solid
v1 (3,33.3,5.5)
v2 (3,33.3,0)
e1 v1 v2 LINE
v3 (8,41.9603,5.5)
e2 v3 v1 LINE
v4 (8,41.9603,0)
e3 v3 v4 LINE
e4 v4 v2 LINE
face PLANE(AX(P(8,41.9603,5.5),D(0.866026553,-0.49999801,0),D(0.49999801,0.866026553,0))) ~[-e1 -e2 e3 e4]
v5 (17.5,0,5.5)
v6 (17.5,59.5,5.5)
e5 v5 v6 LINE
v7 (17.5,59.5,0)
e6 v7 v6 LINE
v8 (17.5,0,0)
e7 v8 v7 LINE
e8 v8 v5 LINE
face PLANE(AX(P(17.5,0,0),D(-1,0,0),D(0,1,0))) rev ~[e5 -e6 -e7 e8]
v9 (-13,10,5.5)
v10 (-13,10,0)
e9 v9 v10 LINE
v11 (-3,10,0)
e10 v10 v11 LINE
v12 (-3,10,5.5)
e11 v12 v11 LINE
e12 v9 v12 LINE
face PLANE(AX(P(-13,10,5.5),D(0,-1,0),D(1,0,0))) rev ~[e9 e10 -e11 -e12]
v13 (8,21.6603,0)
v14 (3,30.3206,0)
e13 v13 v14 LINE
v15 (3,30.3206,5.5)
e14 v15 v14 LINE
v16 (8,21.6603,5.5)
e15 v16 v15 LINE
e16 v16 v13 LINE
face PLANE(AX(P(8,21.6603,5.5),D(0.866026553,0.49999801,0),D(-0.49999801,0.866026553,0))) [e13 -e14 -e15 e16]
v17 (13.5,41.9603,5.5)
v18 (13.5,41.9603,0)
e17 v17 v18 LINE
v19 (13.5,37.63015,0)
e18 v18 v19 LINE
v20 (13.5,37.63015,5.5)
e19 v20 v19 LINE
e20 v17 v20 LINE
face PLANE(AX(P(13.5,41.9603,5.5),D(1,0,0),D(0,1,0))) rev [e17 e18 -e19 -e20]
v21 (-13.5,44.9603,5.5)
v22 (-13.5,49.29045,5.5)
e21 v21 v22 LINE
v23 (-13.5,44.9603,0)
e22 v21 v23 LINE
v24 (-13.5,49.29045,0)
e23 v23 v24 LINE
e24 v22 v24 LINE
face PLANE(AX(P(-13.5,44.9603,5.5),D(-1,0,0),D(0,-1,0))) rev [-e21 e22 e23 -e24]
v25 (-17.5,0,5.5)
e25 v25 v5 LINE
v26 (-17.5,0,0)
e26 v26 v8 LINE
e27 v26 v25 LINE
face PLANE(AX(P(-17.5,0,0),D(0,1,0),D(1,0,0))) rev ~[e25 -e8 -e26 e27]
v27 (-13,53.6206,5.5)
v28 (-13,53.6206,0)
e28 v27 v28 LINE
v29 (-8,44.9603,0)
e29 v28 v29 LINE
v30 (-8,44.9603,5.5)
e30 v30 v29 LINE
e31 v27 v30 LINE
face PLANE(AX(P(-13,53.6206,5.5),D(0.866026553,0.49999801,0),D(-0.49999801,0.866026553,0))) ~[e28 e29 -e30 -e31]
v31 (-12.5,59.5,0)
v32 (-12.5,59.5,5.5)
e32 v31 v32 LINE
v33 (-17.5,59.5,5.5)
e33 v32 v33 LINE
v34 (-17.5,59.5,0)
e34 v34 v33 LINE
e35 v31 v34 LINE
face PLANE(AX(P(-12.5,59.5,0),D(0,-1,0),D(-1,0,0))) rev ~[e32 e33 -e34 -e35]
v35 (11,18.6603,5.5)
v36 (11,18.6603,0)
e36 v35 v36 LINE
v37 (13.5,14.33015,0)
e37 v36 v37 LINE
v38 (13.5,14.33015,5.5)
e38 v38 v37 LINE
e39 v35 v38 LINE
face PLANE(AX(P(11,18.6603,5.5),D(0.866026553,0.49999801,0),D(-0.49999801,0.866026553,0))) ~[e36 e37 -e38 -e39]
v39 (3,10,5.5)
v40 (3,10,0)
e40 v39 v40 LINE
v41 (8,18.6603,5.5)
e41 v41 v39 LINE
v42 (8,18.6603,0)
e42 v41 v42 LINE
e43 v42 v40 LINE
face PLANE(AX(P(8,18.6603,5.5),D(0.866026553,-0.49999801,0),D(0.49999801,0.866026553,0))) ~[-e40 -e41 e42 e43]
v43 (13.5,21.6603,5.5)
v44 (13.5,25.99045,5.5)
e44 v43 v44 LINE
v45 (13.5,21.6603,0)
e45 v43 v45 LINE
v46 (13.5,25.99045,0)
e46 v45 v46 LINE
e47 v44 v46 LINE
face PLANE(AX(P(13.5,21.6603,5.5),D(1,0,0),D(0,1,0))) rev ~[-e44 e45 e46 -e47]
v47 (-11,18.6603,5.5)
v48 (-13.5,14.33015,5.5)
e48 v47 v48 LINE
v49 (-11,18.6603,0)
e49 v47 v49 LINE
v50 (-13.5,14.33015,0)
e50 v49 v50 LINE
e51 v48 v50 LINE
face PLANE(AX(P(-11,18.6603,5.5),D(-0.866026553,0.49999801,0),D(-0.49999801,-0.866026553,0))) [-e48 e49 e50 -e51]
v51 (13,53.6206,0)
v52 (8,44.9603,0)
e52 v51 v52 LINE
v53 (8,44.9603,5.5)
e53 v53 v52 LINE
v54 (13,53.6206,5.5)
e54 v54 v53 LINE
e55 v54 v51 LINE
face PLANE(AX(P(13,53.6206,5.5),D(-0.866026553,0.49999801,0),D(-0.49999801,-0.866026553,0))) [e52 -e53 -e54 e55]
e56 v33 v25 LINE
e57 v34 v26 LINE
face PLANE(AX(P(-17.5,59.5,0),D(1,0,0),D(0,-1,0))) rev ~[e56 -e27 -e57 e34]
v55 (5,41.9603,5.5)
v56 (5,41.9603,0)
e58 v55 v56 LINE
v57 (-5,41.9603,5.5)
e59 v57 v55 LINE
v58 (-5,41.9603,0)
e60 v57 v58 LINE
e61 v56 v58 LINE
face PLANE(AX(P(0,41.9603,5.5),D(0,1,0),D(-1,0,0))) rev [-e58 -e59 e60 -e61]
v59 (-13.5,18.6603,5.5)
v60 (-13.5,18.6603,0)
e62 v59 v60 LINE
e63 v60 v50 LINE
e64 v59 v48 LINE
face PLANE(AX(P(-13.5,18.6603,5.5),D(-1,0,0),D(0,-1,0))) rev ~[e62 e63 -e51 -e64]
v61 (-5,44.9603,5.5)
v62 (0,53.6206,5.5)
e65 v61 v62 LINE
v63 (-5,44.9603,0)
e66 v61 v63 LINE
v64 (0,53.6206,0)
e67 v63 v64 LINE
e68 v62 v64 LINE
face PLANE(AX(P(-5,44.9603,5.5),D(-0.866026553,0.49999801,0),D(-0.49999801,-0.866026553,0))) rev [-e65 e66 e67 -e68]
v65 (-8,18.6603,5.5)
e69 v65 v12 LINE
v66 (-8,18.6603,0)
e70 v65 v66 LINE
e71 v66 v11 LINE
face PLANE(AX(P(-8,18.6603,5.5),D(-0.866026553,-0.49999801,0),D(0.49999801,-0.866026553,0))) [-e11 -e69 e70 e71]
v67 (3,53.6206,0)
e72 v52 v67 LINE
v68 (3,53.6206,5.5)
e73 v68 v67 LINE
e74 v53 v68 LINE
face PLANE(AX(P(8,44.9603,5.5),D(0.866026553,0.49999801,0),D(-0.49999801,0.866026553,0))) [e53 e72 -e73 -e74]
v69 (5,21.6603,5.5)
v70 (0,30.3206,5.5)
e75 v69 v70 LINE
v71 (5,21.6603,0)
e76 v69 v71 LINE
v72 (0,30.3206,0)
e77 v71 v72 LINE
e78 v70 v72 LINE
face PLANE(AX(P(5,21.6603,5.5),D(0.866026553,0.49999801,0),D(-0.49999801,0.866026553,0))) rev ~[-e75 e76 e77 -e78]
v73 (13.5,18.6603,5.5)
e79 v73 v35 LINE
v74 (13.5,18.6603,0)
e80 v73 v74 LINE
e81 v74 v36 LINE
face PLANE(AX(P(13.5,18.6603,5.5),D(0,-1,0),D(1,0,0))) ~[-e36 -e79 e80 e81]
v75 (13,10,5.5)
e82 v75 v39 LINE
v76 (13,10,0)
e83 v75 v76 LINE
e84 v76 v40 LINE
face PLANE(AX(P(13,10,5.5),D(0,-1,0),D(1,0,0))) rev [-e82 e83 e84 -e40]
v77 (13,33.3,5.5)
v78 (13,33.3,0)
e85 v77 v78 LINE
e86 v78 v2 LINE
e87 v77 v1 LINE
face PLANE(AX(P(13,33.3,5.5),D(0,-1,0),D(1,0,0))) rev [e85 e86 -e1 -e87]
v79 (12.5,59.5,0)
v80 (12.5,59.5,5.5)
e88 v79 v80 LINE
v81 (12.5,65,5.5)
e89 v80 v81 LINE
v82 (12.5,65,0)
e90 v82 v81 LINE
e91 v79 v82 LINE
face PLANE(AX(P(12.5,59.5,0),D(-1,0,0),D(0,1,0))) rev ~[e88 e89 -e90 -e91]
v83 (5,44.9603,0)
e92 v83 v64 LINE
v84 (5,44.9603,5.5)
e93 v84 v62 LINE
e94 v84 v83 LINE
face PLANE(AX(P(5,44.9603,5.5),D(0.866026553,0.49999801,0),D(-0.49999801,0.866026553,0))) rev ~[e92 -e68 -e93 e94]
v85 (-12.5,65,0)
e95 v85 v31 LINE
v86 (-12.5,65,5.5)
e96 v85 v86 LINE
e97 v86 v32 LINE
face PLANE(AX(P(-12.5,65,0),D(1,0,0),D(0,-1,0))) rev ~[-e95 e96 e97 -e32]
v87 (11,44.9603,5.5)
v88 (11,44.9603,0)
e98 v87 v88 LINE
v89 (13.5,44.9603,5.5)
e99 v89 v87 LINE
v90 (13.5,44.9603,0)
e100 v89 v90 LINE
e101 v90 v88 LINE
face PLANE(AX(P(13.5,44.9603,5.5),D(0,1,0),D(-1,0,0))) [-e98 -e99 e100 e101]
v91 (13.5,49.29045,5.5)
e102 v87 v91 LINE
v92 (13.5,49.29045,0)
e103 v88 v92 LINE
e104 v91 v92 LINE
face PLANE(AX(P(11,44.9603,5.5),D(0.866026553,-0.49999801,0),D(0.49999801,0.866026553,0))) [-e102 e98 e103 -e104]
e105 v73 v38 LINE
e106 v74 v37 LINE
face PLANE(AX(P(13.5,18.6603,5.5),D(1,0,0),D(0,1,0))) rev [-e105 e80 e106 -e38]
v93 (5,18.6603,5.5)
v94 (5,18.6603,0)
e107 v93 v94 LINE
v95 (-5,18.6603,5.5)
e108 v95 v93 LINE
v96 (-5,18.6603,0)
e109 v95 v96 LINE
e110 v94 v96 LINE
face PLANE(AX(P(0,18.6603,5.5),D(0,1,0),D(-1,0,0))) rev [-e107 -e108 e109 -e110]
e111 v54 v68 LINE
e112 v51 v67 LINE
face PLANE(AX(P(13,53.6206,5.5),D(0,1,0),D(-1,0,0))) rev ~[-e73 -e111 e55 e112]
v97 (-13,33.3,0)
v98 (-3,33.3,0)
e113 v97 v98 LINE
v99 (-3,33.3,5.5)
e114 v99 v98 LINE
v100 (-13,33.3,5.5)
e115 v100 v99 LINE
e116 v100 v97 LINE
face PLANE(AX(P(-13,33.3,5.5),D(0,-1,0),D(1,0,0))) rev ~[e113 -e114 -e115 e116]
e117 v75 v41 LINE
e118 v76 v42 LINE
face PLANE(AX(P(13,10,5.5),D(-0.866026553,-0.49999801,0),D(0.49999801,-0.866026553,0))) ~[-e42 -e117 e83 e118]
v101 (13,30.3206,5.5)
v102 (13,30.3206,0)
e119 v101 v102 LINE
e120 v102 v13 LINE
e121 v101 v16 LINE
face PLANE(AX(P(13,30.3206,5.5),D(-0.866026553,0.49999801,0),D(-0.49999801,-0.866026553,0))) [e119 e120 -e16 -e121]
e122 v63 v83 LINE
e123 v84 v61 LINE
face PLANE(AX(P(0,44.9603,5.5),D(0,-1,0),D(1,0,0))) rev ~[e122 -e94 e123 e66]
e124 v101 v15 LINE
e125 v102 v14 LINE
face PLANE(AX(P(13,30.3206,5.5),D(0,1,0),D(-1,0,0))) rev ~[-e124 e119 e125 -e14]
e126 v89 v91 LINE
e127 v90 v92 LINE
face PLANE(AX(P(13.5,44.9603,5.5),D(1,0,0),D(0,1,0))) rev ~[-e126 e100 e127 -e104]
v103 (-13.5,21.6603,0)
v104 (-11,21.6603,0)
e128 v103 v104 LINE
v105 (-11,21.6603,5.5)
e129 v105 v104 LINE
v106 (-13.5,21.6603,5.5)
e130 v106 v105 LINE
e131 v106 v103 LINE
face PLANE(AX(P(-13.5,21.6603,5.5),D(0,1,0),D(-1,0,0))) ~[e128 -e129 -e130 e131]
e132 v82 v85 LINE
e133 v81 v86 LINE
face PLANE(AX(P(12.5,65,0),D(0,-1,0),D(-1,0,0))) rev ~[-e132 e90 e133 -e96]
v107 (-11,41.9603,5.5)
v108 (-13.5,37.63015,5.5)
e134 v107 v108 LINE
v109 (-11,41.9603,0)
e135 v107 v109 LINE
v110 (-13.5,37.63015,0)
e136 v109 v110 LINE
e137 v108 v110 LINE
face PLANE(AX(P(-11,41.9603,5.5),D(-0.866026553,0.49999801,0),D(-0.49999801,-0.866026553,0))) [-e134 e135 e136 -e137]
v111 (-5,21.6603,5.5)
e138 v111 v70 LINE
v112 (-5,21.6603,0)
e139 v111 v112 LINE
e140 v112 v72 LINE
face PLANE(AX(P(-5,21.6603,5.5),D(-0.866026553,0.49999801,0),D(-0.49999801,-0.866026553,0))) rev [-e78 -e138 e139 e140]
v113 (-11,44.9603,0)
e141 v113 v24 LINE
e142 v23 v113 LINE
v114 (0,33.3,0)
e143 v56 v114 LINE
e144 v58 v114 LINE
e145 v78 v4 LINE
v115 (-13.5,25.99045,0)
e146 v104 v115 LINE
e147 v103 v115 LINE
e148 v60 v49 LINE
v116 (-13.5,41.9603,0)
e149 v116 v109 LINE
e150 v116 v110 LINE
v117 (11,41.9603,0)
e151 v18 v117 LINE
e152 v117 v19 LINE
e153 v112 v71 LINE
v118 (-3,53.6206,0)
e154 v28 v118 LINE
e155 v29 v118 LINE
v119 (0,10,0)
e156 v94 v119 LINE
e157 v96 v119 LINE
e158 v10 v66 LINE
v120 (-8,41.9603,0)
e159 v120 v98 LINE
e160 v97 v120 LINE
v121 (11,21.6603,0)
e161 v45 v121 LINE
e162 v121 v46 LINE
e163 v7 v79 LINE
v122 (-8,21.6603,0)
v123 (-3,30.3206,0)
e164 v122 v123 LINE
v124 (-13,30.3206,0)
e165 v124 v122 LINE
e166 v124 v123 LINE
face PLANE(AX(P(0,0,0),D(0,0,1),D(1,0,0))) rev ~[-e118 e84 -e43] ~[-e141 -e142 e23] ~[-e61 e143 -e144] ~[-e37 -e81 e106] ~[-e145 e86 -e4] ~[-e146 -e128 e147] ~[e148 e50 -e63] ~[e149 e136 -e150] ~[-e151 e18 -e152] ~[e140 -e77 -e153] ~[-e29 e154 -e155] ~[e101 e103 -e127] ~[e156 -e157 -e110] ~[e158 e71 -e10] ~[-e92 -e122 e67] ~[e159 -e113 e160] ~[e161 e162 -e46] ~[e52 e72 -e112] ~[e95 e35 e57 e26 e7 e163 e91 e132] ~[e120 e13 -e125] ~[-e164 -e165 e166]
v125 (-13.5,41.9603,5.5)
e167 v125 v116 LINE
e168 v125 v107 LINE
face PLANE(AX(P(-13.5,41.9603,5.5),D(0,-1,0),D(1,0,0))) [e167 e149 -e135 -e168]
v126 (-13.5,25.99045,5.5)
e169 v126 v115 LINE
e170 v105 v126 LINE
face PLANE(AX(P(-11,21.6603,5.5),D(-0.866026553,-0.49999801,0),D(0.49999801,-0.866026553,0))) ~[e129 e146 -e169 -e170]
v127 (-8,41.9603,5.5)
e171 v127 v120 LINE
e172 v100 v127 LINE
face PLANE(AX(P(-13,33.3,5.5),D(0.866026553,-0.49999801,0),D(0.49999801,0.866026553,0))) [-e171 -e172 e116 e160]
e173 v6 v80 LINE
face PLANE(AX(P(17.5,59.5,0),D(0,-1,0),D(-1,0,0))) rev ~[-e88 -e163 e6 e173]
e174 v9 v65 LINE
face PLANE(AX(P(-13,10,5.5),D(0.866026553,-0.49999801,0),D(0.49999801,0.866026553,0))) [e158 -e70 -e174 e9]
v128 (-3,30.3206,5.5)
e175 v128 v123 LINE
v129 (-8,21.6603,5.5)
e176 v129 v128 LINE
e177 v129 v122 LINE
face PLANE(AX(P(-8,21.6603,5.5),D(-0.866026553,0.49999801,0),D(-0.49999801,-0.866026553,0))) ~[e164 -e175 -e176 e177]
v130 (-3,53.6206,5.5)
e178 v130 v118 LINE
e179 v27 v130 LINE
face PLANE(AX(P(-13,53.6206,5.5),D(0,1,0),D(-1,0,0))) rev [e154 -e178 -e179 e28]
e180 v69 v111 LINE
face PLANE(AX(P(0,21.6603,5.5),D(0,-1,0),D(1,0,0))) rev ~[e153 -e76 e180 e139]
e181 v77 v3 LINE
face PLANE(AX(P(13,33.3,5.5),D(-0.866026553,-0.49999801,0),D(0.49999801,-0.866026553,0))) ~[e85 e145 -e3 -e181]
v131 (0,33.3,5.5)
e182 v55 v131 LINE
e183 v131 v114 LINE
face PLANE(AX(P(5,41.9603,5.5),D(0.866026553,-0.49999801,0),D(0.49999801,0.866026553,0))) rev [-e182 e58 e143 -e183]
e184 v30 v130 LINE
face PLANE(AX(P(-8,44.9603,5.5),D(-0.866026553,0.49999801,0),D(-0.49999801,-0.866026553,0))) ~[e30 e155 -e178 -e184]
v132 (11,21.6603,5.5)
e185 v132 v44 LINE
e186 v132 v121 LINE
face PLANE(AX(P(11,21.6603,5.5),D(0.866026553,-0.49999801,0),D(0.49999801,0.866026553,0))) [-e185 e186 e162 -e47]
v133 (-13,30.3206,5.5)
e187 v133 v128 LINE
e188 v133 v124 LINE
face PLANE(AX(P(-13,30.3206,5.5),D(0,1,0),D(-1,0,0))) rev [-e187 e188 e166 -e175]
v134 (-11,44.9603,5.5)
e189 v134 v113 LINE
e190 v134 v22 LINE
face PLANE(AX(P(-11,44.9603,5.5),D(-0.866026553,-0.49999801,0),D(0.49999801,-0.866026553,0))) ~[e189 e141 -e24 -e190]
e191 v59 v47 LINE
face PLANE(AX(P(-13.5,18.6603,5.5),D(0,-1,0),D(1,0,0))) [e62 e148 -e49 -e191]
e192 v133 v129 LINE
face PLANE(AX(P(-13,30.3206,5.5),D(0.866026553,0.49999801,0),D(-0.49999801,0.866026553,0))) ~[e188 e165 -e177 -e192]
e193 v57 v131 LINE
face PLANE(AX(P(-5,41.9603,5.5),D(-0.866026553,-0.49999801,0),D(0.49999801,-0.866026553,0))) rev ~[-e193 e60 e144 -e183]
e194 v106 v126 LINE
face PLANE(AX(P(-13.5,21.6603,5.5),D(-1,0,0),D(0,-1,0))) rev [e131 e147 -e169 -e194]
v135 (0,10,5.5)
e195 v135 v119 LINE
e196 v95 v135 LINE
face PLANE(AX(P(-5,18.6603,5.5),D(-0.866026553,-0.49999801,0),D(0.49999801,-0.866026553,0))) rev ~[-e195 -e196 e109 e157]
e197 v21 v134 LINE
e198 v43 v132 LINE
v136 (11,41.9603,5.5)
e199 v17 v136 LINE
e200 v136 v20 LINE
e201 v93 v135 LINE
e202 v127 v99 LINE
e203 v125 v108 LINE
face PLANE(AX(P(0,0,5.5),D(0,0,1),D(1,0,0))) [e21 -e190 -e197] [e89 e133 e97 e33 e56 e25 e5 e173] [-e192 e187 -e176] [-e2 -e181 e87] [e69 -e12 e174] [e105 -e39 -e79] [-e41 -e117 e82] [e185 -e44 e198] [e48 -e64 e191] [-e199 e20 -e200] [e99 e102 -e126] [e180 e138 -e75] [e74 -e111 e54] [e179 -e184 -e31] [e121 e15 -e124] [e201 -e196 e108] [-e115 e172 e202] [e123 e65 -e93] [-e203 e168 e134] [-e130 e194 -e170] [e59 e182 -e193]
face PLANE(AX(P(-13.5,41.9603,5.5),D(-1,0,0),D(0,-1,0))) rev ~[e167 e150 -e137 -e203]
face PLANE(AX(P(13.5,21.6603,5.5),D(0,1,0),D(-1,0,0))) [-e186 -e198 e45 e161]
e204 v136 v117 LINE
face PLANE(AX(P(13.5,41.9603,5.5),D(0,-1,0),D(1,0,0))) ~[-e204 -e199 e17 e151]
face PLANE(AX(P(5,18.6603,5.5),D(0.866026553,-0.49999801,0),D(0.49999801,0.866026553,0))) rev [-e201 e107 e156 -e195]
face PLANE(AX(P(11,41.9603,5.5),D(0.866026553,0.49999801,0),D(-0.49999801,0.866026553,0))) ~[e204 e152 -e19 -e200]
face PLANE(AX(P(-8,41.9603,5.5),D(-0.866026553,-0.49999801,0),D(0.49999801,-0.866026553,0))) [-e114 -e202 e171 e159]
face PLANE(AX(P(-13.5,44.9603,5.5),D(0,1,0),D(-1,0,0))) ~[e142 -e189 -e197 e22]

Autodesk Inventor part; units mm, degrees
ref_plane "YZ Plane" through (0, 0, 0) normal (1, 0, 0) x (0, 1, 0)
ref_plane "XZ Plane" through (0, 0, 0) normal (0, 1, 0) x (-1, 0, 0)
sketch "スケッチ1" plane through (0, 0, 0) normal (0, 0, 1) x (1, 0, 0)
  line L0 (-17.5, 0) -> (17.5, 0)
  line L1 (17.5, 0) -> (17.5, 59.5)
  line L2 (17.5, 59.5) -> (-17.5, 59.5)
  line L3 (-17.5, 59.5) -> (-17.5, 0)
  line L4 (-12.5, 59.5) -> (12.5, 59.5)
  line L5 (12.5, 59.5) -> (12.5, 65)
  line L6 (12.5, 65) -> (-12.5, 65)
  line L7 (-12.5, 65) -> (-12.5, 59.5)
  point P0 (0, 0)
  point P1 (0, 0)
  point P2 (0, 59.5)
  dimension "d0" = 59.5
  dimension "d1" = 35
  dimension "d2" = 25
  dimension "d3" = 5.5
extrude "押し出し1" add sketch "スケッチ1" along normal blind 5.5
sketch "スケッチ2" plane through (0, 0, 5.5) normal (0, 0, 1) x (1, 0, 0)
  line L0 (-13, 10) -> (-3, 10)
  line L1 (-13, 10) -> (-8, 18.6603)
  line L2 (-8, 18.6603) -> (-3, 10)
  line L3 (0, 10) -> (5, 18.6603)
  line L4 (5, 18.6603) -> (-5, 18.6603)
  line L5 (-5, 18.6603) -> (0, 10)
  line L6 (3, 10) -> (13, 10)
  line L7 (13, 10) -> (8, 18.6603)
  line L8 (8, 18.6603) -> (3, 10)
  line L9 (0, -13) -> (0, 78) projected
  line L10 (-17.5, 0) -> (17.5, 0) projected
  line L11 (-11, 18.6603) -> (-16, 10)
  line L12 (-16, 10) -> (-16, 18.6603)
  line L13 (-16, 18.6603) -> (-11, 18.6603)
  line L14 (-13.5, 18.6603) -> (-13.5, 10)
  point P0 (0, 0)
  point P1 (0, 18.6603)
  point P2 (-13.5, 14.3301)
  dimension "d6" = 10
  dimension "d7" = 3
  dimension "d8" = 10
  dimension "d9" = 3
extrude "押し出し2" cut sketch "スケッチ2" against normal through all contours L1 L2 L0 | L5 L4 L9 | L11 L14 L13
ref_plane "作業平面1" through (-5, 20.1603, 5.5) normal (0, -1, 0) x (1, 0, 0)
mirror "ミラー1" about plane through (-5, 20.1603, 5.5) normal (0, -1, 0) of "押し出し2"
pattern_linear "矩形状パターン1" count 2 spacing 23.3 along (0, 1, 0) of "押し出し2", "ミラー1"
mirror "ミラー2" about plane through (0, 0, 0) normal (1, 0, 0) of "押し出し2", "ミラー1", "矩形状パターン1"
equation "\"d9\" = d7"
properties part number "motor_setter_spacer"
